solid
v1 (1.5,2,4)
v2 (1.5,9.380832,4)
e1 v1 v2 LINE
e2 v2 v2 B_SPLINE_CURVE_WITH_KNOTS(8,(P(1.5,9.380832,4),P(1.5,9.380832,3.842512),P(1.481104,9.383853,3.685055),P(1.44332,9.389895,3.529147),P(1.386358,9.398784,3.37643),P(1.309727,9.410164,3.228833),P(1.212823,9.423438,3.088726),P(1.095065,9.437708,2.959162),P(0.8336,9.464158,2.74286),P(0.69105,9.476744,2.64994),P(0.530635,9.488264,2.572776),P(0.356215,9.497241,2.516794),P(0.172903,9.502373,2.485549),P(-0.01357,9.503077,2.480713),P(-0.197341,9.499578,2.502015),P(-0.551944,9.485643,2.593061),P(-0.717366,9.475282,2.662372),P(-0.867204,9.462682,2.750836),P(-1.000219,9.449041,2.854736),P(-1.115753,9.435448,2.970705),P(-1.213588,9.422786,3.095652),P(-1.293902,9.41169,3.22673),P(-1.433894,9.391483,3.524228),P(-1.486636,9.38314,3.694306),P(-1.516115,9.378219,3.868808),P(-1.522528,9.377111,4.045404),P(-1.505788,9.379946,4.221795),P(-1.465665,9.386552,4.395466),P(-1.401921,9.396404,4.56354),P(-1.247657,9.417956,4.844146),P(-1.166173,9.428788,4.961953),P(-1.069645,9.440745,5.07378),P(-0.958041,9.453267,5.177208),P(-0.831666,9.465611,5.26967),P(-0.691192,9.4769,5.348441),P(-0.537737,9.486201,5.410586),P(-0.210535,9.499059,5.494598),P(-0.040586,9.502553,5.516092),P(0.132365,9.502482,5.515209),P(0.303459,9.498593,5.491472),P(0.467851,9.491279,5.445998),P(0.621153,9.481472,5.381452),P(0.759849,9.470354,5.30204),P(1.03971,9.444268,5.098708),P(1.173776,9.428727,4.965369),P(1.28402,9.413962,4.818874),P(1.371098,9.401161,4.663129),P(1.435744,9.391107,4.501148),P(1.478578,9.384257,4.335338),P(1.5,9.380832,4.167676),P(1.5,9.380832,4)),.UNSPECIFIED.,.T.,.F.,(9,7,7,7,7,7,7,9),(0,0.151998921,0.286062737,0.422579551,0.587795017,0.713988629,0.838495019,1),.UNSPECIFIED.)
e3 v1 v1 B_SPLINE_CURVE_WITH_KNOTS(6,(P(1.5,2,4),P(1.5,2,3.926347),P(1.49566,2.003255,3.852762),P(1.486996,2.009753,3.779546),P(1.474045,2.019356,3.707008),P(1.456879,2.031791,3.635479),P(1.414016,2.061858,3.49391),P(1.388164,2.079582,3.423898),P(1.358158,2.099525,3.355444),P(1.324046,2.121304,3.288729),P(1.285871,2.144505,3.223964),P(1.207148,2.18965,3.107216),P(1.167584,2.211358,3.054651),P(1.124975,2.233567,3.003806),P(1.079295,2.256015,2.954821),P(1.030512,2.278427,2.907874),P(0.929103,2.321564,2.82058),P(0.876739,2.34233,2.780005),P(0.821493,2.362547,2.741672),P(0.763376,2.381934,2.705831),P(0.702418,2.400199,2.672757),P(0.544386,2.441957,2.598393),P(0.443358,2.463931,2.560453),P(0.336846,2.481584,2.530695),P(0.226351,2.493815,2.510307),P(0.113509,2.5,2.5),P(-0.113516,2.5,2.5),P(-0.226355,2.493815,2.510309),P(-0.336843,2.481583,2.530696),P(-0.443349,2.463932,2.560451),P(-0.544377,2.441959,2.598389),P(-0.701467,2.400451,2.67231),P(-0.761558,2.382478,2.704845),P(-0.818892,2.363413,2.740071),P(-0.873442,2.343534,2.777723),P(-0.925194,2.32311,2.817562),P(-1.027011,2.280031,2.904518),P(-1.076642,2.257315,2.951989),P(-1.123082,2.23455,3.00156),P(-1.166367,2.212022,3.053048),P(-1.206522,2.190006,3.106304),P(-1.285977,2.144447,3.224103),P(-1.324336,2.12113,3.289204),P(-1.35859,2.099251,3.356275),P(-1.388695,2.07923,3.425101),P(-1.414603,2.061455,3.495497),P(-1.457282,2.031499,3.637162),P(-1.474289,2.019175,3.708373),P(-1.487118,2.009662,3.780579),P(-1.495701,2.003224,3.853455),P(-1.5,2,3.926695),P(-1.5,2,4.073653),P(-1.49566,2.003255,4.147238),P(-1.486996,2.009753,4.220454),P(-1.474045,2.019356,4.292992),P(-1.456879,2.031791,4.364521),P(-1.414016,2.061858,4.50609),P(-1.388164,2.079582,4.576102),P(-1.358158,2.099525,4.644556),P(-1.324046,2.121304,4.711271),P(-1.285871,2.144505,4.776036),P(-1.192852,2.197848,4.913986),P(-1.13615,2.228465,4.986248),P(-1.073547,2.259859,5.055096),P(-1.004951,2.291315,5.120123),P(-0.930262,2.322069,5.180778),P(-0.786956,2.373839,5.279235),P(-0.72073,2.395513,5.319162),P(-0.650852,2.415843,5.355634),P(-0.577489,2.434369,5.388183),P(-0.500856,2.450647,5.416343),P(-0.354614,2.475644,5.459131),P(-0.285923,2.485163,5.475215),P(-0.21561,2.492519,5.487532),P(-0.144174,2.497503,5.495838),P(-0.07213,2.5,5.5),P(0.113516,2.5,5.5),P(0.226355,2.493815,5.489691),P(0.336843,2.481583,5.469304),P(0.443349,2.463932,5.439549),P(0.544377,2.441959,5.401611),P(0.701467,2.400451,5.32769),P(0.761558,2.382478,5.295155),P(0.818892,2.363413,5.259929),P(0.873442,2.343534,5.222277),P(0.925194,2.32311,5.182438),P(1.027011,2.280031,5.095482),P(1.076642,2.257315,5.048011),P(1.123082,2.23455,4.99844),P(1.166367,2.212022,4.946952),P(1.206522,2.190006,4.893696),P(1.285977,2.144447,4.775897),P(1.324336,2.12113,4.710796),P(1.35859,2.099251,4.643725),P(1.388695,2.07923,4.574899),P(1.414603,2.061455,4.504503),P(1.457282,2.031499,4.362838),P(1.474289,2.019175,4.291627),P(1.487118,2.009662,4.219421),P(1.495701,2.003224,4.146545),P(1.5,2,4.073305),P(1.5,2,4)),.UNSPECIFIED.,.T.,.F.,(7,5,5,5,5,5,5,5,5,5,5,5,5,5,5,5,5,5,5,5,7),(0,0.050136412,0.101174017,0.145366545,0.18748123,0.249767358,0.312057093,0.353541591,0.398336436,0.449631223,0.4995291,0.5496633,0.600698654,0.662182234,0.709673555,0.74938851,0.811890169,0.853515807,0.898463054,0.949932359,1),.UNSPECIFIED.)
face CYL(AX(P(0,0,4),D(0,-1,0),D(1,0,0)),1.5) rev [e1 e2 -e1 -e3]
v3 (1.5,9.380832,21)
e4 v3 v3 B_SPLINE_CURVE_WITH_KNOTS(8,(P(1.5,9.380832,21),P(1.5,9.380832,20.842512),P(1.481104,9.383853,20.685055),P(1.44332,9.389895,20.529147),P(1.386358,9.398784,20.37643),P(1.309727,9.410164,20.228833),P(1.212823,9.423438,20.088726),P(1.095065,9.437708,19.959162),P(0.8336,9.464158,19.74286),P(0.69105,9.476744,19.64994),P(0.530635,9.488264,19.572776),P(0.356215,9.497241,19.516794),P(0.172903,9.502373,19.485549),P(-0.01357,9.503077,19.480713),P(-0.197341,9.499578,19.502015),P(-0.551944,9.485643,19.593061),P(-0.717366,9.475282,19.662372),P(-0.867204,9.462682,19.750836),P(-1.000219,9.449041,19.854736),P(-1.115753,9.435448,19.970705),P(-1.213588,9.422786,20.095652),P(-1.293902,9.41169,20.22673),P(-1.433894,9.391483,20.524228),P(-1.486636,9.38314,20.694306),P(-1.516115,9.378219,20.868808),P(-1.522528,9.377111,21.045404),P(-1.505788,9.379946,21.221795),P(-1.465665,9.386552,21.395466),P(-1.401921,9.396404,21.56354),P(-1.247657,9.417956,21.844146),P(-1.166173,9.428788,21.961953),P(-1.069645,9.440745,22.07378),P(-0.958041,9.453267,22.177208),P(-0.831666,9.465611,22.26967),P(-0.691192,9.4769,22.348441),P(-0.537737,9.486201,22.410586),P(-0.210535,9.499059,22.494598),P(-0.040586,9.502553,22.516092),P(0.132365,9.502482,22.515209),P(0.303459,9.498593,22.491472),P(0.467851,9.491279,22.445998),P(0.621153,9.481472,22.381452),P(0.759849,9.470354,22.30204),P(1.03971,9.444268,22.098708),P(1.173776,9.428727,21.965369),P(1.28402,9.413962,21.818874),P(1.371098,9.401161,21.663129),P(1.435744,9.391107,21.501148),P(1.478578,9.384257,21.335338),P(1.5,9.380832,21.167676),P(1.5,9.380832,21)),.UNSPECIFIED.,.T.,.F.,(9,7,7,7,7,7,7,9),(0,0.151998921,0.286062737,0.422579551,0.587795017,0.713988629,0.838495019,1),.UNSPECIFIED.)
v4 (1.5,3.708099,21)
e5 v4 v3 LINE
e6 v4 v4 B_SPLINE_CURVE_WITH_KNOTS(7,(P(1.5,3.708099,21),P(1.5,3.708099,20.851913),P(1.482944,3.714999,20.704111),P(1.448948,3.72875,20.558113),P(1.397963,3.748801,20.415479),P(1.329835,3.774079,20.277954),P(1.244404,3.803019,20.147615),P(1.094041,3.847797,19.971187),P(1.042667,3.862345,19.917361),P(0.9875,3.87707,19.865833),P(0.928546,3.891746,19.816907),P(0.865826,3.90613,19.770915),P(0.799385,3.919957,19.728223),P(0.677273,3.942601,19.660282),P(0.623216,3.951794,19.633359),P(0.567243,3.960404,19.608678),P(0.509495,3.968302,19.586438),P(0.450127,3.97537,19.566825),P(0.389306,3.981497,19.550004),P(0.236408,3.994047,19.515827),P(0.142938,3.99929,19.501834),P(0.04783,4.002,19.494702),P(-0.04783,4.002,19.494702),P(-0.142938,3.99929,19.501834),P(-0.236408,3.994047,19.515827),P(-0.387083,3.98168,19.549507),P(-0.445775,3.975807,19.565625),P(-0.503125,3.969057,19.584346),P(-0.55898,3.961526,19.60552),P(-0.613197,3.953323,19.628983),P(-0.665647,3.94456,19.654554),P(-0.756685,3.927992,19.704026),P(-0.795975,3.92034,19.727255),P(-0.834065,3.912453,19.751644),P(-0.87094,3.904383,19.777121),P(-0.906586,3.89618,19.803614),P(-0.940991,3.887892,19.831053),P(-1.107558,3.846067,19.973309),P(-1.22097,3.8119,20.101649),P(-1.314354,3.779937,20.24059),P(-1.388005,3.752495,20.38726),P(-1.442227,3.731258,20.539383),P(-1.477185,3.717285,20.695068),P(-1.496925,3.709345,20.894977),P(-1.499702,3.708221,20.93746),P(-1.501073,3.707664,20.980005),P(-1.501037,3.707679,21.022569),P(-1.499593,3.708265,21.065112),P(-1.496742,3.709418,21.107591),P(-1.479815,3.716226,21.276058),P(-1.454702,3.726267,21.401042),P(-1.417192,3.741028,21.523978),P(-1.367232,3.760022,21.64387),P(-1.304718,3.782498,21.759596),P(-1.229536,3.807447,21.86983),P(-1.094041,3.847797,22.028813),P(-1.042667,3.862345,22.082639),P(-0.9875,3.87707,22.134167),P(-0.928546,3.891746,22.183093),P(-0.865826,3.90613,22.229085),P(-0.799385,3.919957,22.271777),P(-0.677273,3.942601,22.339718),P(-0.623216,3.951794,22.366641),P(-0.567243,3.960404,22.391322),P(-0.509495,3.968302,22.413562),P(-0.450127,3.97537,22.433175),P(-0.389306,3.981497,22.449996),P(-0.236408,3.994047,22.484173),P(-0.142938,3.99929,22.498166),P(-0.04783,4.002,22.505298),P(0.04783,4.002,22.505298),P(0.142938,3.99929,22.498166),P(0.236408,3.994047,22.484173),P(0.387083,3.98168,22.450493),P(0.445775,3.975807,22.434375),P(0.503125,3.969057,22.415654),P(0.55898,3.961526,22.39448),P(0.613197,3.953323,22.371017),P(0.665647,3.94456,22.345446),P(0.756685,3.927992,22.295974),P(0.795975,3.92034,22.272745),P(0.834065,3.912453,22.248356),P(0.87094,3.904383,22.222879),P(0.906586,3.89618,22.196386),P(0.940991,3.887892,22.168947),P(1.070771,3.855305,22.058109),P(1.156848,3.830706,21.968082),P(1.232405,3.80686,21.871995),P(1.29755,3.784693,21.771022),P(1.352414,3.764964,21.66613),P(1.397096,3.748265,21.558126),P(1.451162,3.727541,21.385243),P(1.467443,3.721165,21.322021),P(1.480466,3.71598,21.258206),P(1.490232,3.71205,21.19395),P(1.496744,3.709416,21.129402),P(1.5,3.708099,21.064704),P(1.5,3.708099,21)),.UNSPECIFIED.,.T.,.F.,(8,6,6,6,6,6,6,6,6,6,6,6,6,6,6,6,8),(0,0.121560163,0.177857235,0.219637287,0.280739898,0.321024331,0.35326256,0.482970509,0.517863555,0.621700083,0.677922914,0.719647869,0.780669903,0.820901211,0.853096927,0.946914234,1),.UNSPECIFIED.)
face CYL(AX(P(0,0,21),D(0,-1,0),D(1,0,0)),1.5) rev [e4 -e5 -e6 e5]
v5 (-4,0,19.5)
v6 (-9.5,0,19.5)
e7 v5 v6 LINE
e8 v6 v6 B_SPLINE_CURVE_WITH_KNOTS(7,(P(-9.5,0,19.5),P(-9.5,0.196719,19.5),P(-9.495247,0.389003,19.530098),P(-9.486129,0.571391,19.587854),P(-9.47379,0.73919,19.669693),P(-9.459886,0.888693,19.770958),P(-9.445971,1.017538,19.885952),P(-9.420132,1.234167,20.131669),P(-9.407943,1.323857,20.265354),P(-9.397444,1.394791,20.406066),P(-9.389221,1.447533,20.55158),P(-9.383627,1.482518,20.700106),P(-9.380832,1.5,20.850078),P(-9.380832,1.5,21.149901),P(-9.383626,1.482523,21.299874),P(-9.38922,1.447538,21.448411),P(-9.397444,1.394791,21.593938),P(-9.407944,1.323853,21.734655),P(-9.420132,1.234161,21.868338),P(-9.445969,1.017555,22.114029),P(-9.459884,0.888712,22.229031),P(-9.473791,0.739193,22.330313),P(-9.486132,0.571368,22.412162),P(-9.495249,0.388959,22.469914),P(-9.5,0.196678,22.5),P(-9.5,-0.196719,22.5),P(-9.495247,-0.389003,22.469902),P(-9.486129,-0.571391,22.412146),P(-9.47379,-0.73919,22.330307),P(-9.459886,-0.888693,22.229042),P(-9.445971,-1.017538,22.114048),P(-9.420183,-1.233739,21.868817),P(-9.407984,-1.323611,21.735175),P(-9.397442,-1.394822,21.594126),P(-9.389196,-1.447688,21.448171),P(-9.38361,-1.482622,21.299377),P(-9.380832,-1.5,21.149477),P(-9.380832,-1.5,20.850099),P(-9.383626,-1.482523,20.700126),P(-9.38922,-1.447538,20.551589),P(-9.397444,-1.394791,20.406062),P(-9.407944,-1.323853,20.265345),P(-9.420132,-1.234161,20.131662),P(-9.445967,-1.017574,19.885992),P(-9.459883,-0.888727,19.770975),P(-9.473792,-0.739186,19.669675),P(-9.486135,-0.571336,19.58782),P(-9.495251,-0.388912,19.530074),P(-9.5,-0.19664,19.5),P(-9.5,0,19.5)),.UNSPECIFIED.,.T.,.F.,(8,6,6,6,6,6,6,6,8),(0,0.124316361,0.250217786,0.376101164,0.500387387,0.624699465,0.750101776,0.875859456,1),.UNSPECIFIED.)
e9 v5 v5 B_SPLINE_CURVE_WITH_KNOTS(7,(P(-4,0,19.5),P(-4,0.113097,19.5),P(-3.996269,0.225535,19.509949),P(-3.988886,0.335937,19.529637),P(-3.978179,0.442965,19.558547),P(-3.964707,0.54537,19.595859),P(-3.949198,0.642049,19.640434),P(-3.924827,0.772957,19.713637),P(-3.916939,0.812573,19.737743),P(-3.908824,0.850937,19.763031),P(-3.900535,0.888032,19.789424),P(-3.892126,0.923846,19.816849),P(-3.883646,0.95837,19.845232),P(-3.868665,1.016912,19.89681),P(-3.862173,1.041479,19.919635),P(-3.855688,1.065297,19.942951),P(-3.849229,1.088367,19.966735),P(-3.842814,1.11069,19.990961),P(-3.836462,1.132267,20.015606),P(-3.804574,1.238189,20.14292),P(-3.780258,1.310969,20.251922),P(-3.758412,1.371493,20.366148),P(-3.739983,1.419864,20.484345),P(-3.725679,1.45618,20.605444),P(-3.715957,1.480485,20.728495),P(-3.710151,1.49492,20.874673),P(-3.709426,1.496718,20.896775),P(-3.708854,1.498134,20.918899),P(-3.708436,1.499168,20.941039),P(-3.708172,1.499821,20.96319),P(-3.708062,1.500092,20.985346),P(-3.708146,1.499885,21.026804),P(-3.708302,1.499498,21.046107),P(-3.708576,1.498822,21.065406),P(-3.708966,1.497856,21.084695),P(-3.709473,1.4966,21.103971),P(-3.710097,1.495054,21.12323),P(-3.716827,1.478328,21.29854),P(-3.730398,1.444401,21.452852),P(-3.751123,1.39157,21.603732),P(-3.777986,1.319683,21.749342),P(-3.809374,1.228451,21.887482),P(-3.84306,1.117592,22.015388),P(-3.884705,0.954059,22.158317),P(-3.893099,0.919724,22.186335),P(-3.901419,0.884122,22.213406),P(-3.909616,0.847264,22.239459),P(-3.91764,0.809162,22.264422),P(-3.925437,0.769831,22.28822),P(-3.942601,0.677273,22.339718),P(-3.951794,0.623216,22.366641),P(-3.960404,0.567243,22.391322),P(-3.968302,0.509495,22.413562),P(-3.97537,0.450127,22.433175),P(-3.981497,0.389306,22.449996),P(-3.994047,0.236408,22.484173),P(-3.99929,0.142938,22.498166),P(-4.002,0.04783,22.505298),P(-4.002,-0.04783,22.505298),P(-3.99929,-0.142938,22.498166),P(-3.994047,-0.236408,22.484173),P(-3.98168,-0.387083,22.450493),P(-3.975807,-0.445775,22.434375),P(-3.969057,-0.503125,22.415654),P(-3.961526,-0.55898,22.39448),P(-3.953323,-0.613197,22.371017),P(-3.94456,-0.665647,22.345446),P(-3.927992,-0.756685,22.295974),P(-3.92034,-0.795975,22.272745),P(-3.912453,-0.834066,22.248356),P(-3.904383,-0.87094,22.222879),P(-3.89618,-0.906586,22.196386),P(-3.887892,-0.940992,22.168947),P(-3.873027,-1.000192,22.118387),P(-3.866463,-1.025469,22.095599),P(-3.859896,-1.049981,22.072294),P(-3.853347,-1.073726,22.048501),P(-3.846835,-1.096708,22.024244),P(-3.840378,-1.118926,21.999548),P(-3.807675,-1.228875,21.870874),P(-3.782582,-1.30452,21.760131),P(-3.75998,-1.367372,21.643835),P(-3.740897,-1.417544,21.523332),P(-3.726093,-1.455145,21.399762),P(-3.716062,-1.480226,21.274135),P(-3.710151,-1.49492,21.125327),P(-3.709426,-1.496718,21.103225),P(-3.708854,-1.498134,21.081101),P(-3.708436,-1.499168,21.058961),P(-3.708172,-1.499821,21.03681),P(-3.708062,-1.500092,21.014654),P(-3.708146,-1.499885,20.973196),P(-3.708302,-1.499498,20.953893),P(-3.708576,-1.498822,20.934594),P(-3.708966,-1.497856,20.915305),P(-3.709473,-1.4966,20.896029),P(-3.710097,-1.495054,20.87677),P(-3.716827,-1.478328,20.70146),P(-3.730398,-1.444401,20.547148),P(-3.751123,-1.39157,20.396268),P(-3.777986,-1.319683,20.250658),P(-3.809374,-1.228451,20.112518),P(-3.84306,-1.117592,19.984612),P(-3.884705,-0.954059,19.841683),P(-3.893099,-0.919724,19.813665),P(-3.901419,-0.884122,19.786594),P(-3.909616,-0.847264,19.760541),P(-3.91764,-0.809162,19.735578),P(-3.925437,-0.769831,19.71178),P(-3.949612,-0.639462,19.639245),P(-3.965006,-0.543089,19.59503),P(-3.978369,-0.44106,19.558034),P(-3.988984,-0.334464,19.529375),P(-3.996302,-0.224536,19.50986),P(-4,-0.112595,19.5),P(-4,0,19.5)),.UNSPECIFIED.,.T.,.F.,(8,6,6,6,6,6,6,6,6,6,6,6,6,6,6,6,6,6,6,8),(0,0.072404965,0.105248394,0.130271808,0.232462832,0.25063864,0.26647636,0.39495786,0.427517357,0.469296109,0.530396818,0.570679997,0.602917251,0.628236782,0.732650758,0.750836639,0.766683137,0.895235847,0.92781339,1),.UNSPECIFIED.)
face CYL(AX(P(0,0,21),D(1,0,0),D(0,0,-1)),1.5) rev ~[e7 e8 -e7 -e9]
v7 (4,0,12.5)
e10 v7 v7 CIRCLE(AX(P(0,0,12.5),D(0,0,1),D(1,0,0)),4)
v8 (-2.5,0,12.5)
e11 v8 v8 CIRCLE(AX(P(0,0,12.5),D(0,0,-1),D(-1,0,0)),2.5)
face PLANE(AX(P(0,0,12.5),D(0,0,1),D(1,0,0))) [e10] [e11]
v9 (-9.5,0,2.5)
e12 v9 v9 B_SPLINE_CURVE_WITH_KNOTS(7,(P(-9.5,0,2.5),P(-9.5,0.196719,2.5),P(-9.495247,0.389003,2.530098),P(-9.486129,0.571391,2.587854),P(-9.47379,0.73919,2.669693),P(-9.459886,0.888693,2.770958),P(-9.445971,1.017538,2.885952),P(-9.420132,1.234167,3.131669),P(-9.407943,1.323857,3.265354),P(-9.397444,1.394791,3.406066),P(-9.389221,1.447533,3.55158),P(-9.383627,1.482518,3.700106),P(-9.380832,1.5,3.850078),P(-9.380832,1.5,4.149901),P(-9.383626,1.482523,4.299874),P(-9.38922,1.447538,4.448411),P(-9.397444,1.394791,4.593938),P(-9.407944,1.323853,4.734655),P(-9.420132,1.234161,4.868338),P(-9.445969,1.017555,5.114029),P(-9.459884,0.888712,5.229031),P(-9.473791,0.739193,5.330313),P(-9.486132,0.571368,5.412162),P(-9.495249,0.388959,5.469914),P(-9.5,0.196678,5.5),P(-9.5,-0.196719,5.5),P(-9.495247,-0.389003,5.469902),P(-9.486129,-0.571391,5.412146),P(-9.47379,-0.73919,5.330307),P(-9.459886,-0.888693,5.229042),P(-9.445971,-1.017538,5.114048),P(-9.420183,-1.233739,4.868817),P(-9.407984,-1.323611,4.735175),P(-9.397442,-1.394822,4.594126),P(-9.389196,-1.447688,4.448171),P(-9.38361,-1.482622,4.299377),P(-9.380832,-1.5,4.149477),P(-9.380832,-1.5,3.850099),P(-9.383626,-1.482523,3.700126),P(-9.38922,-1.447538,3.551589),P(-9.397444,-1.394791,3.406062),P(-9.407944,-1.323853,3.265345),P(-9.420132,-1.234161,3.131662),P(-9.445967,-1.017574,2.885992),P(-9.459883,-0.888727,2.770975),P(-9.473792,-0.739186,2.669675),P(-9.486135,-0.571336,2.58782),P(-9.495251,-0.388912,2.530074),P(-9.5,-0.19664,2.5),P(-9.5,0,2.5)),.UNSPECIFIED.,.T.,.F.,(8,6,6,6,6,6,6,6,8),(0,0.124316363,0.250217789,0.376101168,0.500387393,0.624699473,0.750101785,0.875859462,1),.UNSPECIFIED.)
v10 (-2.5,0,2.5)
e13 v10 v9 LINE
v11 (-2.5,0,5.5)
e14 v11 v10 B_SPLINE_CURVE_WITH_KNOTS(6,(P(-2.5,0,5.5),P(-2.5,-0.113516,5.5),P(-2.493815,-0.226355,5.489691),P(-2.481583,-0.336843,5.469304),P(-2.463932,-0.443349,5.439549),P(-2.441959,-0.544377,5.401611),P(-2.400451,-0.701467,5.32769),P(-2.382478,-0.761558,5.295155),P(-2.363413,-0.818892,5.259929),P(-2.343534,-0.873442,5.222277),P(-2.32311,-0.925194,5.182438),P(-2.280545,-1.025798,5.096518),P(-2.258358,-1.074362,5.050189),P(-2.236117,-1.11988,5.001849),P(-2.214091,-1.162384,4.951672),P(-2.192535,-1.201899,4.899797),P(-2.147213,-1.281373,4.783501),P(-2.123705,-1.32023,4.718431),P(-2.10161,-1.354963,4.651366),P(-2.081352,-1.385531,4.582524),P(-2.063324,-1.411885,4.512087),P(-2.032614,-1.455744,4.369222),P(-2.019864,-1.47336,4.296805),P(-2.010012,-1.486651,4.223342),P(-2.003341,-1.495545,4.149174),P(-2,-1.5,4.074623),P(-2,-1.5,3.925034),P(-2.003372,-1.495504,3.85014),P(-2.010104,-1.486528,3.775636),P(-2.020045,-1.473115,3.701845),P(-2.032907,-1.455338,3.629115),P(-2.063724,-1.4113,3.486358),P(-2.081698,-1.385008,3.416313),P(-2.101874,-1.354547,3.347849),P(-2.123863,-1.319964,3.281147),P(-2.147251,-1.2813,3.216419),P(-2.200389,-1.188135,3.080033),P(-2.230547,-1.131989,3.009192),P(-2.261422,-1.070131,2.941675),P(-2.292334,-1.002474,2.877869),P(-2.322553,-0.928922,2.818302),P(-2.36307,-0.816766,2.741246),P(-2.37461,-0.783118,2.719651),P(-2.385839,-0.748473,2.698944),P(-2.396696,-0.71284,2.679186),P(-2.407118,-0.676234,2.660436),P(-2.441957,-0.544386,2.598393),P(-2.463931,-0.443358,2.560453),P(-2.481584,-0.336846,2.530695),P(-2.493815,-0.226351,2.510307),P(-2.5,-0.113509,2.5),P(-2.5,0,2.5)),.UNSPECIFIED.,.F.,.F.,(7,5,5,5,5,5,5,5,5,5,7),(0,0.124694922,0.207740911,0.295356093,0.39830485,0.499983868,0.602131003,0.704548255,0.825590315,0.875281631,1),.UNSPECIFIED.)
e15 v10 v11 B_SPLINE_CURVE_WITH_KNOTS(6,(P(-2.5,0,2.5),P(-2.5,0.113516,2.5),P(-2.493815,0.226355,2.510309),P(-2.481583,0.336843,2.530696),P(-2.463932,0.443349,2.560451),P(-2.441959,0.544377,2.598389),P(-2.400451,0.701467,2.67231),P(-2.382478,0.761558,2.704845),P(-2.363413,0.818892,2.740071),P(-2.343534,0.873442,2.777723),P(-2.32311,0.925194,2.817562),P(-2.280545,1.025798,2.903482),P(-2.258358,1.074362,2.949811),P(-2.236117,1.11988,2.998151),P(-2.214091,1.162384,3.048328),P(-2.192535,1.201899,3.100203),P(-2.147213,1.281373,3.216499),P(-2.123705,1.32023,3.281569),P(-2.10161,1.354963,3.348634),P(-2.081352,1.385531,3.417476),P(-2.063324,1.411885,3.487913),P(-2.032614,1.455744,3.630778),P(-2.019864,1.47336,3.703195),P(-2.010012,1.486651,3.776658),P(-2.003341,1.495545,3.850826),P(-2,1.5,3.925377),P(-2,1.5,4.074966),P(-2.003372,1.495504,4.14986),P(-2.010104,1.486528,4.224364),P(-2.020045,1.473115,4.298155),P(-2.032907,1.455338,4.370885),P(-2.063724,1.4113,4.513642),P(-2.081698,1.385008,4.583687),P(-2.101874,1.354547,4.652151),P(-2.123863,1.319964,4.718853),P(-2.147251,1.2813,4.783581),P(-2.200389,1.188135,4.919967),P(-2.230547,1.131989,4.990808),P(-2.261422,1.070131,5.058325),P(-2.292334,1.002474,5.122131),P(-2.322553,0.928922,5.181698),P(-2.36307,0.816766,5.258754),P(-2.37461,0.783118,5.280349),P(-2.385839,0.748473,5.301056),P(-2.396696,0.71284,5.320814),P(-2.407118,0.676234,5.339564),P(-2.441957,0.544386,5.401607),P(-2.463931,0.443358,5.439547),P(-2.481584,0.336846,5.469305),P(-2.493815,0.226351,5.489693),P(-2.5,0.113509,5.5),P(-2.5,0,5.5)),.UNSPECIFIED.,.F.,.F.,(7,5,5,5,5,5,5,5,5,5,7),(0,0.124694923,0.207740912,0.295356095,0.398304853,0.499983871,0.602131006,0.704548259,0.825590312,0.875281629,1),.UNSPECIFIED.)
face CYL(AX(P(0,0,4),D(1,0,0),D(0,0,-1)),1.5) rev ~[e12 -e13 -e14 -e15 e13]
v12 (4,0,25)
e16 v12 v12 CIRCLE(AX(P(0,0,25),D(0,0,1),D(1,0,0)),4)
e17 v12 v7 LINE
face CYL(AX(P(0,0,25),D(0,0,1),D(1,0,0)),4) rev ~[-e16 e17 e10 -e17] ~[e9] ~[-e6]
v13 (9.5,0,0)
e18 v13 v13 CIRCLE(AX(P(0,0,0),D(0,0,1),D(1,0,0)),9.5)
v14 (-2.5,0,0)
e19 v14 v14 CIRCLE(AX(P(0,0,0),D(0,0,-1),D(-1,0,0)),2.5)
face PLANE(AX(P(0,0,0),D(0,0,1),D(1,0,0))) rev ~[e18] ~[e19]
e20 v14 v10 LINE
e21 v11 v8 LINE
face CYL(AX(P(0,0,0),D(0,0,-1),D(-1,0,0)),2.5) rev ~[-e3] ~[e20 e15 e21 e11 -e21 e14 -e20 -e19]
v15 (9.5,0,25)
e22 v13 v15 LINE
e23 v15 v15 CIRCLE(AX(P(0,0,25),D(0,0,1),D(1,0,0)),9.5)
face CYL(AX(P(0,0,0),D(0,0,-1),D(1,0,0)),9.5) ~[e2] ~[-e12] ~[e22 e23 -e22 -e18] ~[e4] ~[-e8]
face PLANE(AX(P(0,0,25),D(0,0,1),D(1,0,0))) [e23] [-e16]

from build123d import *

# Parameters (mm, degrees)
ESBO_O1_R                = 9.5
RESSALTO_EXTRUS_O1_DEPTH = 25
ESBO_O2_R                = 4
CORTE_EXTRUS_O1_DEPTH    = 12.5
ESBO_O3_R                = 2.5
CORTE_EXTRUS_O2_DEPTH    = 26
ESBO_O4_R                = 1.5
CORTE_EXTRUS_O3_DEPTH    = 12
ESBO_O5_R                = 1.5
CORTE_EXTRUS_O4_DEPTH    = 10.5000001


with BuildPart() as part:
    # Esboço1 → Ressalto-extrusão1 (new body)
    with BuildSketch(Plane.XY):
        Circle(ESBO_O1_R)
    extrude(amount=RESSALTO_EXTRUS_O1_DEPTH)

    # Esboço2 → Corte-extrusão1 (cut)
    with BuildSketch(Plane.XY.offset(25)):
        Circle(ESBO_O2_R)
    extrude(amount=-CORTE_EXTRUS_O1_DEPTH, mode=Mode.SUBTRACT)

    # Esboço3 → Corte-extrusão2 (cut, through all)
    with BuildSketch(Plane(origin=(0, 0, 0), x_dir=(-1, 0, 0), z_dir=(0, 0, -1))):
        Circle(ESBO_O3_R)
    extrude(amount=-CORTE_EXTRUS_O2_DEPTH, mode=Mode.SUBTRACT)

    # Esboço4 → Corte-extrusão3 (cut)
    with BuildSketch(Plane(origin=(0, 0, 0), x_dir=(1, 0, 0), z_dir=(0, 1, 0))):
        with Locations((0, -4)):
            Circle(ESBO_O4_R)
        with Locations((0, -21)):
            Circle(ESBO_O4_R)
    extrude(amount=CORTE_EXTRUS_O3_DEPTH, mode=Mode.SUBTRACT)

    # Esboço5 → Corte-extrusão4 (cut, through all)
    with BuildSketch(Plane(origin=(0, 0, 0), x_dir=(0, 0, -1), z_dir=(1, 0, 0))):
        with Locations((-21, 0)):
            Circle(ESBO_O5_R)
        with Locations((-4, 0)):
            Circle(ESBO_O5_R)
    extrude(amount=-CORTE_EXTRUS_O4_DEPTH, mode=Mode.SUBTRACT)


solid = part.part
